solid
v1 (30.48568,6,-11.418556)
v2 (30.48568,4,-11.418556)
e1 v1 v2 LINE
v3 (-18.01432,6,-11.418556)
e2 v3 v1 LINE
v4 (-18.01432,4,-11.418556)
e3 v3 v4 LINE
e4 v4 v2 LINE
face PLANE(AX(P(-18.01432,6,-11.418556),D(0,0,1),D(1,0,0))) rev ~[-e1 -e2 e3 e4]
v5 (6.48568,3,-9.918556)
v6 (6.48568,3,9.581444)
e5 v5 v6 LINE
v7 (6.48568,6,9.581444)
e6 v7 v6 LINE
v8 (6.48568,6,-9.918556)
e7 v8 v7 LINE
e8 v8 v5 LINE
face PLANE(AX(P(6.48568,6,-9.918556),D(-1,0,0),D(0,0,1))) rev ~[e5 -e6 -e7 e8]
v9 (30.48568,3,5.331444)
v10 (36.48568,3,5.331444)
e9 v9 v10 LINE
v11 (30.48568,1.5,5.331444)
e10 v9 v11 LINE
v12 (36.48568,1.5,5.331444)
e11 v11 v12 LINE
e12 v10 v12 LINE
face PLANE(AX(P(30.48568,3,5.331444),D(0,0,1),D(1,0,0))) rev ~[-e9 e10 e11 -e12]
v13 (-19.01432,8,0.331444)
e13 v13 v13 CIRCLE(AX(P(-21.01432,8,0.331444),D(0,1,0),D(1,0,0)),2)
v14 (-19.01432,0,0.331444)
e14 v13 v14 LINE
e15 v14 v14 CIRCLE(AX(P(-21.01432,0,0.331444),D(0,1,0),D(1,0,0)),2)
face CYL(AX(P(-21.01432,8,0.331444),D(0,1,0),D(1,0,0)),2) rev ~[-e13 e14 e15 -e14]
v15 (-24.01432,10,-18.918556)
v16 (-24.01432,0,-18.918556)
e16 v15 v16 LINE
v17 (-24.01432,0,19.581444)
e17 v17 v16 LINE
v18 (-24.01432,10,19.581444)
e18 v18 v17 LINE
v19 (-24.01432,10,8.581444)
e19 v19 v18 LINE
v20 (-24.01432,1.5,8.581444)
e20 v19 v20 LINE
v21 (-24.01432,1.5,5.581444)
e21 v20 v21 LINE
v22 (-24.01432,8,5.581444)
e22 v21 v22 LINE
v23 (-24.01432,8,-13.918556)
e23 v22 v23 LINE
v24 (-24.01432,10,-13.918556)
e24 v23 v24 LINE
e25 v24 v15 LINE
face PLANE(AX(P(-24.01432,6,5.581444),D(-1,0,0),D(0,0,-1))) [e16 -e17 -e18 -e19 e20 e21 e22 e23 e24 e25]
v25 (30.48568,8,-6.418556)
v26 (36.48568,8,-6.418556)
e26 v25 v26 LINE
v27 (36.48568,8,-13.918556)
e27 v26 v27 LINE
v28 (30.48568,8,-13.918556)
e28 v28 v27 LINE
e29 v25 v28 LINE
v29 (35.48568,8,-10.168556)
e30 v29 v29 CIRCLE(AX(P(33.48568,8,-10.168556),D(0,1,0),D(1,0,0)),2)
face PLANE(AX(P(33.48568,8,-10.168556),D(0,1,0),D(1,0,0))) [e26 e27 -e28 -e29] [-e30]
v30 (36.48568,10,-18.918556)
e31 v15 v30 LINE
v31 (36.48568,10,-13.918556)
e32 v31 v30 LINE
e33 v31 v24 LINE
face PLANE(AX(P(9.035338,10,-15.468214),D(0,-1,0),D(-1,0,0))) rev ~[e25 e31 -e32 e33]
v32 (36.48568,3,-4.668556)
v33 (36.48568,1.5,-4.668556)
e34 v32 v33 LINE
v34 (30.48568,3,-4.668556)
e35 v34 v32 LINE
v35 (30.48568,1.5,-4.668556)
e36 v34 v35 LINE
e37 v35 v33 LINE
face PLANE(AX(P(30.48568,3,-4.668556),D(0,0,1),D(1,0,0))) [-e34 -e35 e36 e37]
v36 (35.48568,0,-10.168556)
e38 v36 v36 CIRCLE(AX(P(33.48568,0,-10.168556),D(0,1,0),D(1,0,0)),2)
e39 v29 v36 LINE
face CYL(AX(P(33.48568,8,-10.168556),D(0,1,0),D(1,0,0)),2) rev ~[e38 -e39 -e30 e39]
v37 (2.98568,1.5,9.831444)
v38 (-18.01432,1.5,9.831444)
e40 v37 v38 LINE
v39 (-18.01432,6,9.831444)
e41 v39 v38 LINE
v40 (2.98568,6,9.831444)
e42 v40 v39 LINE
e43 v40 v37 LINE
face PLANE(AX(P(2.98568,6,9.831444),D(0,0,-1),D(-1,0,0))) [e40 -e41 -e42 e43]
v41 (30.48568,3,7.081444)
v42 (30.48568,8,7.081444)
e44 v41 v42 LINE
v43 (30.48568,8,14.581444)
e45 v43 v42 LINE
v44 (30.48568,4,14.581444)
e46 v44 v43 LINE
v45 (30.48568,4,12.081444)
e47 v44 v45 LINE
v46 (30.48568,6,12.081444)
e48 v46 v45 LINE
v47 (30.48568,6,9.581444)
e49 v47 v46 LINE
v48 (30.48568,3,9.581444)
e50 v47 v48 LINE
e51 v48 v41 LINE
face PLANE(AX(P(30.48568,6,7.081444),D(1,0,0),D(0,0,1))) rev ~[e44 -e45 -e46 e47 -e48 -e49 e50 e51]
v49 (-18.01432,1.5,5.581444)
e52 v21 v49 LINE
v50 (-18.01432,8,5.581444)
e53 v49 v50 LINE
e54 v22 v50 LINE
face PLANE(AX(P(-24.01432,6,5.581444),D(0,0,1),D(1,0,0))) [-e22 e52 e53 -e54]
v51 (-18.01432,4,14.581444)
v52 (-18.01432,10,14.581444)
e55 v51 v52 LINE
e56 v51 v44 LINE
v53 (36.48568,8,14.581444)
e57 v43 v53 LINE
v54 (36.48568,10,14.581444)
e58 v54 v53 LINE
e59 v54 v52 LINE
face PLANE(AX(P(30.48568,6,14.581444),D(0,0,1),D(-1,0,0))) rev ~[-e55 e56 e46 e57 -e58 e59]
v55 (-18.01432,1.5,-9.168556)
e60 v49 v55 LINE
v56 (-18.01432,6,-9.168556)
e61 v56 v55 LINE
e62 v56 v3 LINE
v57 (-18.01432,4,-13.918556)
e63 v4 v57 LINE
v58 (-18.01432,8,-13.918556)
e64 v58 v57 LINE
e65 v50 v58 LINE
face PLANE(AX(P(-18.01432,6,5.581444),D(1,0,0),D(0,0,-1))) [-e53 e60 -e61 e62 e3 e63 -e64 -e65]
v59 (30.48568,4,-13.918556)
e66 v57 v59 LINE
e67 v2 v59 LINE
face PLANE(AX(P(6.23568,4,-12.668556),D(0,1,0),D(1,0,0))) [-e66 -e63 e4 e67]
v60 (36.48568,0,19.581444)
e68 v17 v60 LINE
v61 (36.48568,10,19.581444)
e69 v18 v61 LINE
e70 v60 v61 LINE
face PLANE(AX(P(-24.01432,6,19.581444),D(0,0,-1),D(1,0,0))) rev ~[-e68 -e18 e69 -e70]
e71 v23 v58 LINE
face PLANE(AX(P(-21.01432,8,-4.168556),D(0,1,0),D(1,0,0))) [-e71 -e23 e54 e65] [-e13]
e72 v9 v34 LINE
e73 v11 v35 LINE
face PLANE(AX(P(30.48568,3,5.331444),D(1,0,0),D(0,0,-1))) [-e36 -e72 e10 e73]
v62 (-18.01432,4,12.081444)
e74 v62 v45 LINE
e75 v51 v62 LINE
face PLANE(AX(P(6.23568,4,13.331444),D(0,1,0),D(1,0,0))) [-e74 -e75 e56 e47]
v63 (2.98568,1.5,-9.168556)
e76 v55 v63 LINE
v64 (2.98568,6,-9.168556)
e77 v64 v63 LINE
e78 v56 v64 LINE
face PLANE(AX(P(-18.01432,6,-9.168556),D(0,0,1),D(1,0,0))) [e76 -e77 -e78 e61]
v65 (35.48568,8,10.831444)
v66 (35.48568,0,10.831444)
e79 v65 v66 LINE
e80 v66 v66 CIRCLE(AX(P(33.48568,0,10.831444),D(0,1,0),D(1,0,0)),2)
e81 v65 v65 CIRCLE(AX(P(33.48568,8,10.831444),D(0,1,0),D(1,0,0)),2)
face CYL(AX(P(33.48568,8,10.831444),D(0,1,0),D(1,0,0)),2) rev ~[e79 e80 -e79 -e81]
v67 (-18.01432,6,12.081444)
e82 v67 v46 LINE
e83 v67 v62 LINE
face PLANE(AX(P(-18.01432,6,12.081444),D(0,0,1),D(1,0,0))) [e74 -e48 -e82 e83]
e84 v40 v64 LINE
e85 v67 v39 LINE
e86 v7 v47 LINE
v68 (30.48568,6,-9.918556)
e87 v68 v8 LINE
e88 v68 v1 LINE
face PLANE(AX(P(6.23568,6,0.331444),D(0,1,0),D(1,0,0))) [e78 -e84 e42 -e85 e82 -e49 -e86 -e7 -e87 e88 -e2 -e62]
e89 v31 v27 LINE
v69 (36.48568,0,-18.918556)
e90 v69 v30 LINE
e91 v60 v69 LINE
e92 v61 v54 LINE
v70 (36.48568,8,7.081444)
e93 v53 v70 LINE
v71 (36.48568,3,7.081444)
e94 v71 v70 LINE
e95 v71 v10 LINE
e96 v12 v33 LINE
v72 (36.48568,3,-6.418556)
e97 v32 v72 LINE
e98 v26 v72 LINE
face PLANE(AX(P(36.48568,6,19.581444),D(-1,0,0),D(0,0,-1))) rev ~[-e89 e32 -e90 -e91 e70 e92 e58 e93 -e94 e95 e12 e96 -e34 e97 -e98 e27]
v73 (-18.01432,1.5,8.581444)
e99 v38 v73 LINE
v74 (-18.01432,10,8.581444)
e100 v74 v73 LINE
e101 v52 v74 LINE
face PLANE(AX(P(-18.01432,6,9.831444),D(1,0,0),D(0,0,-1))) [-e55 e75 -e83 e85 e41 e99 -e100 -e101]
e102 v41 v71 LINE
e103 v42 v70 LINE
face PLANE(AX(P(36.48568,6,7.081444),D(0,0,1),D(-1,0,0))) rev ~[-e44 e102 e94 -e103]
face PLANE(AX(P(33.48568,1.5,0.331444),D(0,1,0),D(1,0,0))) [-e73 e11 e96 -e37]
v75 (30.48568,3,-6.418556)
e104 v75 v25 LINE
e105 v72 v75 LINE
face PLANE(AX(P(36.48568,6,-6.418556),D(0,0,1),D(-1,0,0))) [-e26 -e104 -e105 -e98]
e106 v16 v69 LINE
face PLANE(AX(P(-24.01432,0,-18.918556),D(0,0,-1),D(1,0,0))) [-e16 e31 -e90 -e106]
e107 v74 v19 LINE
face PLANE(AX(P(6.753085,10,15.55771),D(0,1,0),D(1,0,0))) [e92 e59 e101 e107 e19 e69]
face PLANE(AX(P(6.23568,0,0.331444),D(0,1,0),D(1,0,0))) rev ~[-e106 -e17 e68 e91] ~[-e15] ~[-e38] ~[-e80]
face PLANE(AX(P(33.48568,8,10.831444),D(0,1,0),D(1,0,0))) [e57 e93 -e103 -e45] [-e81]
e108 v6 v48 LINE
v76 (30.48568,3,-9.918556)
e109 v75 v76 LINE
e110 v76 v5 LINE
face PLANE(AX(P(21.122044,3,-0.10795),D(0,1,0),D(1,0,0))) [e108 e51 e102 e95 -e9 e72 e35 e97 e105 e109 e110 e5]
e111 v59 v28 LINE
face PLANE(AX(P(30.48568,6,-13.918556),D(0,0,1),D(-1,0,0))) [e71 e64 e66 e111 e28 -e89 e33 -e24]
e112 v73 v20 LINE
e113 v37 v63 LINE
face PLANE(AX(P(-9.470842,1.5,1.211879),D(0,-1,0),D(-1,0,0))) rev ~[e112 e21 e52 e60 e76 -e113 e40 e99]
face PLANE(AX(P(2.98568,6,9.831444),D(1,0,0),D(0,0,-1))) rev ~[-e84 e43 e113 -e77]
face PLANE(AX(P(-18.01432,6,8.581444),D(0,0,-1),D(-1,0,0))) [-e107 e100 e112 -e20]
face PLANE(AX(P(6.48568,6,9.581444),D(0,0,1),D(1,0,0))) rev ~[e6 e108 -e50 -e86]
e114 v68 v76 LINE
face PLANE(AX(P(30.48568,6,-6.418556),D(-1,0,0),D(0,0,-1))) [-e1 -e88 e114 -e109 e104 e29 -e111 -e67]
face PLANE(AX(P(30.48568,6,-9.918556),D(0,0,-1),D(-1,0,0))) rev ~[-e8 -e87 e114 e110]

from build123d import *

# Parameters (mm, degrees)
SKETCH1_W           = 60.5
SKETCH1_H           = 38.5
BOSS_EXTRUDE1_DEPTH = 6
BOSS_EXTRUDE2_DEPTH = 4
SKETCH4_W           = 6
SKETCH4_H           = 19.5
BOSS_EXTRUDE4_DEPTH = 2
SKETCH6_R           = 2
CUT_EXTRUDE1_DEPTH  = 9
SKETCH7_W           = 48.5
SKETCH7_H           = 2.5
CUT_EXTRUDE2_DEPTH  = 2
CUT_EXTRUDE3_DEPTH  = 4.5
CUT_EXTRUDE4_DEPTH  = 3
SKETCH10_W          = 6
SKETCH10_H          = 7.5
CUT_EXTRUDE5_DEPTH  = 2
SKETCH13_W          = 6
SKETCH13_H          = 10
CUT_EXTRUDE6_DEPTH  = 1.5
CUT_EXTRUDE7_REACH  = 10
SKETCH14_R          = 2


with BuildPart() as part:
    # Sketch1 → Boss-Extrude1 (new body)
    with BuildSketch(Plane(origin=(0, 0, 0), x_dir=(1, 0, 0), z_dir=(0, 1, 0))):
        with Locations((6.235680191, -0.331443914)):
            Rectangle(SKETCH1_W, SKETCH1_H)
    extrude(amount=BOSS_EXTRUDE1_DEPTH)

    # Sketch2 → Boss-Extrude2 (add)
    with BuildSketch(Plane(origin=(0, 6, 0), x_dir=(1, 0, 0), z_dir=(0, 1, 0))):
        Polygon((-24.014319809, -19.581443914), (36.485680191, -19.581443914), (36.485680191, -14.581443914), (36.485680191, -7.081443914), (30.485680191, -7.081443914), (30.485680191, -14.581443914), (-18.014319809, -14.581443914), (-18.014319809, -8.581443914), (-24.014319809, -8.581443914), (-24.014319809, -14.581443914), align=None)
        Polygon((-24.014319809, 18.918556086), (36.485680191, 18.918556086), (36.485680191, 13.918556086), (36.485680191, 6.418556086), (30.485680191, 6.418556086), (30.485680191, 13.918556086), (-24.014319809, 13.918556086), align=None)
    extrude(amount=BOSS_EXTRUDE2_DEPTH)

    # Sketch4 → Boss-Extrude4 (add)
    with BuildSketch(Plane(origin=(0, 6, 0), x_dir=(1, 0, 0), z_dir=(0, 1, 0))):
        with Locations((-21.014319809, 4.168556086)):
            Rectangle(SKETCH4_W, SKETCH4_H)
    extrude(amount=BOSS_EXTRUDE4_DEPTH)

    # Sketch6 → Cut-Extrude1 (cut, through all)
    with BuildSketch(Plane(origin=(0, 8, 0), x_dir=(1, 0, 0), z_dir=(0, 1, 0))):
        with Locations((-21.014319809, -0.331443914)):
            Circle(SKETCH6_R)
    extrude(amount=-CUT_EXTRUDE1_DEPTH, mode=Mode.SUBTRACT)

    # Sketch7 → Cut-Extrude2 (cut)
    with BuildSketch(Plane(origin=(0, 6, 0), x_dir=(1, 0, 0), z_dir=(0, 1, 0))):
        with Locations((6.235680191, 12.668556086)):
            Rectangle(SKETCH7_W, SKETCH7_H)
        with Locations((6.235680191, -13.331443914)):
            Rectangle(SKETCH7_W, SKETCH7_H)
    extrude(amount=-CUT_EXTRUDE2_DEPTH, mode=Mode.SUBTRACT)

    # Sketch8 → Cut-Extrude3 (cut)
    with BuildSketch(Plane(origin=(0, 6, 0), x_dir=(1, 0, 0), z_dir=(0, 1, 0))):
        Polygon((-18.014319809, -5.581443914), (-18.014319809, 9.168556086), (2.985680191, 9.168556086), (2.985680191, -8.581443914), (2.985680191, -9.831443914), (-18.014319809, -9.831443914), (-18.014319809, -8.581443914), (-24.014319809, -8.581443914), (-24.014319809, -5.581443914), align=None)
    extrude(amount=-CUT_EXTRUDE3_DEPTH, mode=Mode.SUBTRACT)

    # Sketch9 → Cut-Extrude4 (cut)
    with BuildSketch(Plane(origin=(0, 6, 0), x_dir=(1, 0, 0), z_dir=(0, 1, 0))):
        Polygon((30.485680191, 9.918556086), (6.485680191, 9.918556086), (6.485680191, -9.581443914), (30.485680191, -9.581443914), (30.485680191, -7.081443914), (36.485680191, -7.081443914), (36.485680191, 6.418556086), (30.485680191, 6.418556086), align=None)
    extrude(amount=-CUT_EXTRUDE4_DEPTH, mode=Mode.SUBTRACT)

    # Sketch10 → Cut-Extrude5 (cut)
    with BuildSketch(Plane(origin=(0, 10, 0), x_dir=(1, 0, 0), z_dir=(0, 1, 0))):
        with Locations((33.485680191, 10.168556086)):
            Rectangle(SKETCH10_W, SKETCH10_H)
        with Locations((33.485680191, -10.831443914)):
            Rectangle(SKETCH10_W, SKETCH10_H)
    extrude(amount=-CUT_EXTRUDE5_DEPTH, mode=Mode.SUBTRACT)

    # Sketch13 → Cut-Extrude6 (cut)
    with BuildSketch(Plane(origin=(0, 3, 0), x_dir=(1, 0, 0), z_dir=(0, 1, 0))):
        with Locations((33.485680191, -0.331443914)):
            Rectangle(SKETCH13_W, SKETCH13_H)
    extrude(amount=-CUT_EXTRUDE6_DEPTH, mode=Mode.SUBTRACT)

    # Sketch14 → Cut-Extrude7 (cut, up to next)
    with BuildSketch(Plane(origin=(0, 8, 0), x_dir=(1, 0, 0), z_dir=(0, 1, 0)), mode=Mode.PRIVATE) as cut_extrude7_sk1:
        with Locations((33.485680191, -10.831443914)):
            Circle(SKETCH14_R)
    cut_extrude7_tool1 = extrude(cut_extrude7_sk1.sketch, amount=-CUT_EXTRUDE7_REACH, mode=Mode.PRIVATE) & part.part
    add(cut_extrude7_tool1.solids().sort_by_distance((33.48568, 8, 10.831444))[0], mode=Mode.SUBTRACT)
    # Sketch14 → Cut-Extrude7 (cut, up to next)
    with BuildSketch(Plane(origin=(0, 8, 0), x_dir=(1, 0, 0), z_dir=(0, 1, 0)), mode=Mode.PRIVATE) as cut_extrude7_sk2:
        with Locations((33.485680191, 10.168556086)):
            Circle(SKETCH14_R)
    cut_extrude7_tool2 = extrude(cut_extrude7_sk2.sketch, amount=-CUT_EXTRUDE7_REACH, mode=Mode.PRIVATE) & part.part
    add(cut_extrude7_tool2.solids().sort_by_distance((33.48568, 8, -10.168556))[0], mode=Mode.SUBTRACT)


solid = part.part
